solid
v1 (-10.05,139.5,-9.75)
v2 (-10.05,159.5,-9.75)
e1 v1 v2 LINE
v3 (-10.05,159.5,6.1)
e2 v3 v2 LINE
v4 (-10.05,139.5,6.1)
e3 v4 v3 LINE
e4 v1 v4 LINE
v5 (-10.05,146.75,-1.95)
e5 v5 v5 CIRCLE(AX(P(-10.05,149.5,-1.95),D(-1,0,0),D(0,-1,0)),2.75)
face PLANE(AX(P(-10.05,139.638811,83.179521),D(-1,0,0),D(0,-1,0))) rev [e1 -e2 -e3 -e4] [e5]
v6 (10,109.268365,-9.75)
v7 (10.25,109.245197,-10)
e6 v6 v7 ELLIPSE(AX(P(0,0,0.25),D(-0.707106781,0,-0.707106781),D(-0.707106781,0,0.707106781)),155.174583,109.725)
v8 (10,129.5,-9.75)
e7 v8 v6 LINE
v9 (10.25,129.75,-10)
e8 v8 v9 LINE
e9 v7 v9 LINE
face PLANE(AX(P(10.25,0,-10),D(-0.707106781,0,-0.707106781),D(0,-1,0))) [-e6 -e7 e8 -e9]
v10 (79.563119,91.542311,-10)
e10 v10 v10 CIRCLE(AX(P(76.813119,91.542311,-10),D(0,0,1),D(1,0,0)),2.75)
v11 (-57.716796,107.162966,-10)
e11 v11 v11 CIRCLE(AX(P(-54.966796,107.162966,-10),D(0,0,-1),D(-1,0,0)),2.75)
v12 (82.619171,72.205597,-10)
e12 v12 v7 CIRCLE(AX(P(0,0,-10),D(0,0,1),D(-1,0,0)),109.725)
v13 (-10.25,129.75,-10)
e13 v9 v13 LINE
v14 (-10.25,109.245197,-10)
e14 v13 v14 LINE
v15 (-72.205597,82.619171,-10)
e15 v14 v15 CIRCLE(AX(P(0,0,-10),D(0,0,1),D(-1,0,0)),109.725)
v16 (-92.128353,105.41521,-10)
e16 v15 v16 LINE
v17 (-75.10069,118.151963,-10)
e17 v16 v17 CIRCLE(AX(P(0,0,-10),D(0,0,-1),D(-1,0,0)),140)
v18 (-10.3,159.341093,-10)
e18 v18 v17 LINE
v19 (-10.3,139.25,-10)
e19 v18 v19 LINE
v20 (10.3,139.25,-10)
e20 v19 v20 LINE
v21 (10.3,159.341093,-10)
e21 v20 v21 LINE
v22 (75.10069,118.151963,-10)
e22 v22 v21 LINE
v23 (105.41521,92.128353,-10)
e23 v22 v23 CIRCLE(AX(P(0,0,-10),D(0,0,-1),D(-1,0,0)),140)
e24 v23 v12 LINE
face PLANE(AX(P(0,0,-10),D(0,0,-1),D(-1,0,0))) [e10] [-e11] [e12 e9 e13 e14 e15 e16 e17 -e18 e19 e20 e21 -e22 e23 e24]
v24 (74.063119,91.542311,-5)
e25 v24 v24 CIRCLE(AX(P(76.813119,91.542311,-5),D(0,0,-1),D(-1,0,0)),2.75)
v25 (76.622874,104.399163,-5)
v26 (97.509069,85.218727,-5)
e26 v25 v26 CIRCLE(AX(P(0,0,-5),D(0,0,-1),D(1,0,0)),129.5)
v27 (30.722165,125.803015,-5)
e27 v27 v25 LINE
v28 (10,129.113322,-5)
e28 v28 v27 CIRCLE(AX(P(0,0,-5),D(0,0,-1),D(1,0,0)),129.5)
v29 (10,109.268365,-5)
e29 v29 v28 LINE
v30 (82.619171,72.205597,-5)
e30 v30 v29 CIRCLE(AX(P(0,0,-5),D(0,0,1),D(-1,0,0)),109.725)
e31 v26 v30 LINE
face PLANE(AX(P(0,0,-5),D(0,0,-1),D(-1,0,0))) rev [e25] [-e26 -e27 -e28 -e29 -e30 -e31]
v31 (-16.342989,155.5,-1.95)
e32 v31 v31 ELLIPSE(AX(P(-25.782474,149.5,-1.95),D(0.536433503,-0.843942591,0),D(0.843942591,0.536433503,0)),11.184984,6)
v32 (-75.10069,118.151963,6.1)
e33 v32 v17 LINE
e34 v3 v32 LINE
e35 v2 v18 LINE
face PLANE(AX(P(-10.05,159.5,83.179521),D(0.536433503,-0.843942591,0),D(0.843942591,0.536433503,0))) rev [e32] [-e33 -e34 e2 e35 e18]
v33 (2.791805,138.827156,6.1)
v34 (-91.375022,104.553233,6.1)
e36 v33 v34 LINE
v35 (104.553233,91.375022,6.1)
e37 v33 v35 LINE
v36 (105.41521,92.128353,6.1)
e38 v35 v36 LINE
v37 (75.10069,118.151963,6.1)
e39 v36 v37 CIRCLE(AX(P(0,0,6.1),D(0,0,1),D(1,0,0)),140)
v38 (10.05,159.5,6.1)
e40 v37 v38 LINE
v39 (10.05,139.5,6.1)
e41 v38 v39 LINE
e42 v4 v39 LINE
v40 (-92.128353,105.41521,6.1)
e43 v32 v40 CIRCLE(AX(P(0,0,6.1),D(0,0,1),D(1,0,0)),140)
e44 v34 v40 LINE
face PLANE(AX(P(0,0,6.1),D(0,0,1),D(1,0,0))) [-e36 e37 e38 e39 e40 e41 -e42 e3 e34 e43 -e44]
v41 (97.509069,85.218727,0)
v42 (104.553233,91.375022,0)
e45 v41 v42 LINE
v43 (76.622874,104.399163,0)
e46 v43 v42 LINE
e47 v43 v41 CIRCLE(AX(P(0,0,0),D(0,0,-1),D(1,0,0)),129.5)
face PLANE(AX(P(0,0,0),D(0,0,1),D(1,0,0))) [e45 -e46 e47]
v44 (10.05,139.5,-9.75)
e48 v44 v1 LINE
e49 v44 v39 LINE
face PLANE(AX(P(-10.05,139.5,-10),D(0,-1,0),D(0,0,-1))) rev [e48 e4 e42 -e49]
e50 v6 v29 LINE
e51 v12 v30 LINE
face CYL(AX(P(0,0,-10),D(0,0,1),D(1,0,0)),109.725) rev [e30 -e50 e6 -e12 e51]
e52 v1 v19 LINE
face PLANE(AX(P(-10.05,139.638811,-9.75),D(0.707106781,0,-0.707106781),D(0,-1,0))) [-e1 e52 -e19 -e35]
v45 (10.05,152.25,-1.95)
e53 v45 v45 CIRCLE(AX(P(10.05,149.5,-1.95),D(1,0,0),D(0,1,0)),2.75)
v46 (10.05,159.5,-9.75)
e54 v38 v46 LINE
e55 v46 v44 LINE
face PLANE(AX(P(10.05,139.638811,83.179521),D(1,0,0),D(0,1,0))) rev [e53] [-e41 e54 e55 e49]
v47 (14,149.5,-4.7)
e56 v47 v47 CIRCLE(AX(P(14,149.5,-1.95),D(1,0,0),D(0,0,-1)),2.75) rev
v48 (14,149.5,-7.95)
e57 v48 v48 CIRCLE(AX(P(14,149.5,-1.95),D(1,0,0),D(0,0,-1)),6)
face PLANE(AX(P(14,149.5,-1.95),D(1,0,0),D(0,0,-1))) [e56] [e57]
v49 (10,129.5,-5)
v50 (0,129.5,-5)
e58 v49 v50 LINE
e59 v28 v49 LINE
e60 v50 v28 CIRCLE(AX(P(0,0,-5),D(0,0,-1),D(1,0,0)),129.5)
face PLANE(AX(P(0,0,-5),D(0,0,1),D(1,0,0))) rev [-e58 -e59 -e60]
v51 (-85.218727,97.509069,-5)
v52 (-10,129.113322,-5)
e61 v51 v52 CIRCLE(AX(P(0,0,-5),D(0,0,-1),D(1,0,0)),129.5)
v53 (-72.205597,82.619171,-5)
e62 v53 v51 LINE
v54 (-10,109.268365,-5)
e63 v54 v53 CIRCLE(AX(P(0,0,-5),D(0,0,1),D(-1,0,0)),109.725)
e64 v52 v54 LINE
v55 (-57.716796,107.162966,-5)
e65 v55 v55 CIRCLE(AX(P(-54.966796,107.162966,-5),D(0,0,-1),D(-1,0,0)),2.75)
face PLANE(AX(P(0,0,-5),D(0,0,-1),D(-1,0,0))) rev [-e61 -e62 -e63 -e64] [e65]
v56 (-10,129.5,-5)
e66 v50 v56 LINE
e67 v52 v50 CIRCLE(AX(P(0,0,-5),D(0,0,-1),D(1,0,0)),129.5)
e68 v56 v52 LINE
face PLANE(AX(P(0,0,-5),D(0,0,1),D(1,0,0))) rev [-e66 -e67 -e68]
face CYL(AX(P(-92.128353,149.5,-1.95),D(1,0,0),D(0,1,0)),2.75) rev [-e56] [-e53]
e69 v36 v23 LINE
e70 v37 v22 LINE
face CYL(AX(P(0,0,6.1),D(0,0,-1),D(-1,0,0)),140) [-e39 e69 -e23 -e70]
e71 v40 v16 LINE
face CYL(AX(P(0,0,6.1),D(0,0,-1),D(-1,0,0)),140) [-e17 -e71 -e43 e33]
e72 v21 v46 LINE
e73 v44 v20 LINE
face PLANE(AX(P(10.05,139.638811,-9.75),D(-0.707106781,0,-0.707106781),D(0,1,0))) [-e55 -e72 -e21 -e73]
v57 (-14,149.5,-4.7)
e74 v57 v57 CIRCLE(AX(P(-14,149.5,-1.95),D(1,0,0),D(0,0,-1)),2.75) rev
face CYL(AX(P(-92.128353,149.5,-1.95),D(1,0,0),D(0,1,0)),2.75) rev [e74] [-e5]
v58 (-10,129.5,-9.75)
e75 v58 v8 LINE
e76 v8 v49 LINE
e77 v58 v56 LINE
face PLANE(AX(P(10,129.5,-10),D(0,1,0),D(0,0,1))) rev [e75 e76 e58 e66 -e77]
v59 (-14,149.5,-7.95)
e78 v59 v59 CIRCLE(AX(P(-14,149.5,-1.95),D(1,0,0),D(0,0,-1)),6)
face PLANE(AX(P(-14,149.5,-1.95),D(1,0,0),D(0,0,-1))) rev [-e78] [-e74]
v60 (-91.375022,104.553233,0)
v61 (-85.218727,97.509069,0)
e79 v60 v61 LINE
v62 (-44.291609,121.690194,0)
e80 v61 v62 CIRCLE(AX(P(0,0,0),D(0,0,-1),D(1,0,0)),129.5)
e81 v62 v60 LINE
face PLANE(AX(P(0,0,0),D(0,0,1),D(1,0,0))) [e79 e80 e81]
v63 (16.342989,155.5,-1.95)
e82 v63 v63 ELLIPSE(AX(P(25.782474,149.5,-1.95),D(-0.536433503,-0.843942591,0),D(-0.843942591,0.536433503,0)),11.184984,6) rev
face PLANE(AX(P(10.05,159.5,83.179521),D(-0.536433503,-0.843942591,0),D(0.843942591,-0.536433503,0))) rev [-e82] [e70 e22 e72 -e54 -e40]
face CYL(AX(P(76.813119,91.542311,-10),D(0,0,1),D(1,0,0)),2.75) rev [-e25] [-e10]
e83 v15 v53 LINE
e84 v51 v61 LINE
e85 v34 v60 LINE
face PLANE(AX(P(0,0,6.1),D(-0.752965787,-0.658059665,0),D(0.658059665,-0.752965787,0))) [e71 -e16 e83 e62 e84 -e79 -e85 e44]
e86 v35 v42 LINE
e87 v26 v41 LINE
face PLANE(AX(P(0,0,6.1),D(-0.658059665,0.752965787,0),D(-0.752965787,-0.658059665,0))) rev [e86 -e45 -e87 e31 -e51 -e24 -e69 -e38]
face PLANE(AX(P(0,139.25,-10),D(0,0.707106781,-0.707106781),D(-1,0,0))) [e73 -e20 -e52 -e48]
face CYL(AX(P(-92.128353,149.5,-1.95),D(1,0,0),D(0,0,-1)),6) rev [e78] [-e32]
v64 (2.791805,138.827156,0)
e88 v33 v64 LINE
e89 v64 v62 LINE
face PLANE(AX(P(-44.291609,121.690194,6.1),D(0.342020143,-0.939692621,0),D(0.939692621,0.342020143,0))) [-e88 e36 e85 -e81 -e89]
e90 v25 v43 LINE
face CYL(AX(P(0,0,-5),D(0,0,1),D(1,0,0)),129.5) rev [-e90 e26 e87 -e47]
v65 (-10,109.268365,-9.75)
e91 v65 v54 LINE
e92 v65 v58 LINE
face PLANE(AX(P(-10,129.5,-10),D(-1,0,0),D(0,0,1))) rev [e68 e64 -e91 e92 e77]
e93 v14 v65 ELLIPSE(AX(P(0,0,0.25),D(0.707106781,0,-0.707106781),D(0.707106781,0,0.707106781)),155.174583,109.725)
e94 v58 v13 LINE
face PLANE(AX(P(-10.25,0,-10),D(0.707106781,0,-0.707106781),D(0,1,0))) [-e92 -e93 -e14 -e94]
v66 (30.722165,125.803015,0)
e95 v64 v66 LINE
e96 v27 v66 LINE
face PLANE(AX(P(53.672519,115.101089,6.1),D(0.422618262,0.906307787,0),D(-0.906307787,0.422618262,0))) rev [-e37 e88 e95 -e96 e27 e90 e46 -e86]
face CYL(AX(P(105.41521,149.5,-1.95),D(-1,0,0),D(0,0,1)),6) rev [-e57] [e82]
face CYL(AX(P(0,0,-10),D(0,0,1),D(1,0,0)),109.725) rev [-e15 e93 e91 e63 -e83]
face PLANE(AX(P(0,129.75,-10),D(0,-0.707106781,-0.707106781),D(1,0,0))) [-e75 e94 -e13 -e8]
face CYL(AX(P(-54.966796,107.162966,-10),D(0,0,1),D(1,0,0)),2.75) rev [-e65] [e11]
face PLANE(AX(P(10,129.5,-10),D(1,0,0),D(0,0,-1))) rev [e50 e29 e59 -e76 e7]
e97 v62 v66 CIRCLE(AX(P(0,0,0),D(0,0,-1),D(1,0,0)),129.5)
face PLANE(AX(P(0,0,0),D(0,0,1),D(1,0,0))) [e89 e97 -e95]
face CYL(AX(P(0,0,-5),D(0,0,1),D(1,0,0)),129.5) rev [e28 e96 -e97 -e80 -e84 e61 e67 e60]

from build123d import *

# Parameters (mm, degrees)
BOSS_EXTRUDE1_DEPTH     = 6.1
BOSS_EXTRUDE4_START     = -5
BOSS_EXTRUDE4_DEPTH     = 5
BOSS_EXTRUDE5_START     = 5
SKETCH6_R               = 2.75
BOSS_EXTRUDE5_DEPTH     = 5
SKETCH7_R               = 2.75
CUT_EXTRUDE1_DEPTH      = 176.534516689
BOSS_EXTRUDE6_START     = -10
BOSS_EXTRUDE6_DEPTH     = 16.1
CUT_EXTRUDE2_DEPTH      = 192.448730864
CUT_EXTRUDE2_DEPTH_BACK = 192.448730864
SKETCH9_W               = 20.1
SKETCH9_H               = 16.057013855
CUT_EXTRUDE3_DEPTH      = 198.16101231
CUT_EXTRUDE3_DEPTH_BACK = 198.16101231
SKETCH10_R              = 2.75
SKETCH11_R              = 6
CUT_EXTRUDE4_DEPTH      = 192.842324158
SKETCH12_R              = 6
CUT_EXTRUDE5_DEPTH      = 200.499981043
CHAMFER1_SIZE           = 0.25


with BuildPart() as part:
    # Sketch4 → Boss-Extrude1 (new body)
    with BuildSketch(Plane.XY):
        with BuildLine():
            Line((2.791805242, 138.827155544), (104.55323324, 91.375022364))
            Line((104.55323324, 91.375022364), (105.415210237, 92.128353131))
            ThreePointArc((105.415210237, 92.128353131), (9.395226761, 139.684393237), (-92.128353131, 105.415210237))
            Line((-92.128353131, 105.415210237), (-91.375022364, 104.55323324))
            Line((-91.375022364, 104.55323324), (2.791805242, 138.827155544))
        make_face()
    extrude(amount=BOSS_EXTRUDE1_DEPTH)

    # Sketch5 → Boss-Extrude4 (add)
    with BuildSketch(Plane.XY.offset(BOSS_EXTRUDE4_START)):
        with BuildLine():
            Line((30.722164617, 125.803015072), (76.622873865, 104.399162835))
            ThreePointArc((76.622873865, 104.399162835), (87.59255508, 95.382358403), (97.50906947, 85.218726646))
            Line((97.50906947, 85.218726646), (105.415210237, 92.128353131))
            ThreePointArc((105.415210237, 92.128353131), (9.395226761, 139.684393237), (-92.128353131, 105.415210237))
            Line((-92.128353131, 105.415210237), (-85.218726646, 97.50906947))
            ThreePointArc((-85.218726646, 97.50906947), (-30.701883618, 125.807966132), (30.722164617, 125.803015072))
        make_face()
    extrude(amount=BOSS_EXTRUDE4_DEPTH)

    # Sketch6 → Boss-Extrude5 (add)
    with BuildSketch(Plane(origin=(0, 0, -5), x_dir=(-1, 0, 0), z_dir=(0, 0, -1)).offset(BOSS_EXTRUDE5_START)):
        with BuildLine():
            Line((-10, 129.5), (10, 129.5))
            Line((10, 129.5), (10, 109.268365161))
            ThreePointArc((10, 109.268365161), (43.208620922, 100.85926186), (72.205596766, 82.619171024))
            Line((72.205596766, 82.619171024), (92.128353131, 105.415210237))
            ThreePointArc((92.128353131, 105.415210237), (-9.395226761, 139.684393237), (-105.415210237, 92.128353131))
            Line((-105.415210237, 92.128353131), (-82.619171024, 72.205596766))
            ThreePointArc((-82.619171024, 72.205596766), (-49.879754516, 97.732214313), (-10, 109.268365161))
            Line((-10, 109.268365161), (-10, 129.5))
        make_face()
        with Locations((54.966796439, 107.162966034)):
            Circle(SKETCH6_R, mode=Mode.SUBTRACT)
    extrude(amount=-BOSS_EXTRUDE5_DEPTH)

    # Sketch7 → Cut-Extrude1 (cut, through all)
    with BuildSketch(Plane.XY):
        with Locations((76.813119358, 91.542310953)):
            Circle(SKETCH7_R)
    extrude(amount=-CUT_EXTRUDE1_DEPTH, mode=Mode.SUBTRACT)

    # Sketch8 → Boss-Extrude6 (add)
    with BuildSketch(Plane.XY.offset(BOSS_EXTRUDE6_START)):
        with BuildLine():
            Line((-10.05, 139.638810866), (-10.05, 159.5))
            Line((-10.05, 159.5), (-75.100690367, 118.15196277))
            ThreePointArc((-75.100690367, 118.15196277), (-43.909921177, 132.935769536), (-10.05, 139.638810866))
        make_face()
        with BuildLine():
            Line((10.05, 139.638810866), (10.05, 159.5))
            Line((10.05, 159.5), (75.100690367, 118.15196277))
            ThreePointArc((75.100690367, 118.15196277), (43.909921177, 132.935769536), (10.05, 139.638810866))
        make_face()
    extrude(amount=BOSS_EXTRUDE6_DEPTH)

    # Sketch9 → Cut-Extrude2 (cut, two sides: drawn at the far end of the back side and taken through both)
    with BuildSketch(Plane.XY.offset(-CUT_EXTRUDE2_DEPTH_BACK)):
        with Locations((0, 147.528506928)):
            Rectangle(SKETCH9_W, SKETCH9_H)
    extrude(amount=CUT_EXTRUDE2_DEPTH + CUT_EXTRUDE2_DEPTH_BACK, mode=Mode.SUBTRACT)

    # Sketch10 → Cut-Extrude3 (cut, two sides: drawn at the far end of the back side and taken through both)
    with BuildSketch(Plane(origin=(-10.05, 0, 0), x_dir=(0, 0, -1), z_dir=(1, 0, 0)).offset(-CUT_EXTRUDE3_DEPTH_BACK)):
        with Locations(Location((1.95, 149.5, 0), (0, 0, 90))):
            Circle(SKETCH10_R)
    extrude(amount=CUT_EXTRUDE3_DEPTH + CUT_EXTRUDE3_DEPTH_BACK, mode=Mode.SUBTRACT)

    # Sketch11 → Cut-Extrude4 (cut, through all)
    with BuildSketch(Plane(origin=(14, 0, 0), x_dir=(0, 0, -1), z_dir=(1, 0, 0))):
        with Locations(Location((1.95, 149.5, 0), (0, 0, 90))):
            Circle(SKETCH11_R)
    extrude(amount=CUT_EXTRUDE4_DEPTH, mode=Mode.SUBTRACT)

    # Sketch12 → Cut-Extrude5 (cut, through all)
    with BuildSketch(Plane(origin=(-14, 0, 0), x_dir=(0, 0, -1), z_dir=(1, 0, 0))):
        with Locations(Location((1.95, 149.5, 0), (0, 0, 90))):
            Circle(SKETCH12_R)
    extrude(amount=-CUT_EXTRUDE5_DEPTH, mode=Mode.SUBTRACT)

    # Chamfer1
    chamfer1_edges = [part.edges().sort_by_distance(p)[0] for p in [
        (0, 139.5, -10),
        (10, 119.384182581, -10),
        (0, 129.5, -10),
        (-10, 119.384182581, -10),
        (10.05, 149.5, -10),
        (-10.05, 149.5, -10),
    ]]
    chamfer(chamfer1_edges, length=CHAMFER1_SIZE)


solid = part.part
